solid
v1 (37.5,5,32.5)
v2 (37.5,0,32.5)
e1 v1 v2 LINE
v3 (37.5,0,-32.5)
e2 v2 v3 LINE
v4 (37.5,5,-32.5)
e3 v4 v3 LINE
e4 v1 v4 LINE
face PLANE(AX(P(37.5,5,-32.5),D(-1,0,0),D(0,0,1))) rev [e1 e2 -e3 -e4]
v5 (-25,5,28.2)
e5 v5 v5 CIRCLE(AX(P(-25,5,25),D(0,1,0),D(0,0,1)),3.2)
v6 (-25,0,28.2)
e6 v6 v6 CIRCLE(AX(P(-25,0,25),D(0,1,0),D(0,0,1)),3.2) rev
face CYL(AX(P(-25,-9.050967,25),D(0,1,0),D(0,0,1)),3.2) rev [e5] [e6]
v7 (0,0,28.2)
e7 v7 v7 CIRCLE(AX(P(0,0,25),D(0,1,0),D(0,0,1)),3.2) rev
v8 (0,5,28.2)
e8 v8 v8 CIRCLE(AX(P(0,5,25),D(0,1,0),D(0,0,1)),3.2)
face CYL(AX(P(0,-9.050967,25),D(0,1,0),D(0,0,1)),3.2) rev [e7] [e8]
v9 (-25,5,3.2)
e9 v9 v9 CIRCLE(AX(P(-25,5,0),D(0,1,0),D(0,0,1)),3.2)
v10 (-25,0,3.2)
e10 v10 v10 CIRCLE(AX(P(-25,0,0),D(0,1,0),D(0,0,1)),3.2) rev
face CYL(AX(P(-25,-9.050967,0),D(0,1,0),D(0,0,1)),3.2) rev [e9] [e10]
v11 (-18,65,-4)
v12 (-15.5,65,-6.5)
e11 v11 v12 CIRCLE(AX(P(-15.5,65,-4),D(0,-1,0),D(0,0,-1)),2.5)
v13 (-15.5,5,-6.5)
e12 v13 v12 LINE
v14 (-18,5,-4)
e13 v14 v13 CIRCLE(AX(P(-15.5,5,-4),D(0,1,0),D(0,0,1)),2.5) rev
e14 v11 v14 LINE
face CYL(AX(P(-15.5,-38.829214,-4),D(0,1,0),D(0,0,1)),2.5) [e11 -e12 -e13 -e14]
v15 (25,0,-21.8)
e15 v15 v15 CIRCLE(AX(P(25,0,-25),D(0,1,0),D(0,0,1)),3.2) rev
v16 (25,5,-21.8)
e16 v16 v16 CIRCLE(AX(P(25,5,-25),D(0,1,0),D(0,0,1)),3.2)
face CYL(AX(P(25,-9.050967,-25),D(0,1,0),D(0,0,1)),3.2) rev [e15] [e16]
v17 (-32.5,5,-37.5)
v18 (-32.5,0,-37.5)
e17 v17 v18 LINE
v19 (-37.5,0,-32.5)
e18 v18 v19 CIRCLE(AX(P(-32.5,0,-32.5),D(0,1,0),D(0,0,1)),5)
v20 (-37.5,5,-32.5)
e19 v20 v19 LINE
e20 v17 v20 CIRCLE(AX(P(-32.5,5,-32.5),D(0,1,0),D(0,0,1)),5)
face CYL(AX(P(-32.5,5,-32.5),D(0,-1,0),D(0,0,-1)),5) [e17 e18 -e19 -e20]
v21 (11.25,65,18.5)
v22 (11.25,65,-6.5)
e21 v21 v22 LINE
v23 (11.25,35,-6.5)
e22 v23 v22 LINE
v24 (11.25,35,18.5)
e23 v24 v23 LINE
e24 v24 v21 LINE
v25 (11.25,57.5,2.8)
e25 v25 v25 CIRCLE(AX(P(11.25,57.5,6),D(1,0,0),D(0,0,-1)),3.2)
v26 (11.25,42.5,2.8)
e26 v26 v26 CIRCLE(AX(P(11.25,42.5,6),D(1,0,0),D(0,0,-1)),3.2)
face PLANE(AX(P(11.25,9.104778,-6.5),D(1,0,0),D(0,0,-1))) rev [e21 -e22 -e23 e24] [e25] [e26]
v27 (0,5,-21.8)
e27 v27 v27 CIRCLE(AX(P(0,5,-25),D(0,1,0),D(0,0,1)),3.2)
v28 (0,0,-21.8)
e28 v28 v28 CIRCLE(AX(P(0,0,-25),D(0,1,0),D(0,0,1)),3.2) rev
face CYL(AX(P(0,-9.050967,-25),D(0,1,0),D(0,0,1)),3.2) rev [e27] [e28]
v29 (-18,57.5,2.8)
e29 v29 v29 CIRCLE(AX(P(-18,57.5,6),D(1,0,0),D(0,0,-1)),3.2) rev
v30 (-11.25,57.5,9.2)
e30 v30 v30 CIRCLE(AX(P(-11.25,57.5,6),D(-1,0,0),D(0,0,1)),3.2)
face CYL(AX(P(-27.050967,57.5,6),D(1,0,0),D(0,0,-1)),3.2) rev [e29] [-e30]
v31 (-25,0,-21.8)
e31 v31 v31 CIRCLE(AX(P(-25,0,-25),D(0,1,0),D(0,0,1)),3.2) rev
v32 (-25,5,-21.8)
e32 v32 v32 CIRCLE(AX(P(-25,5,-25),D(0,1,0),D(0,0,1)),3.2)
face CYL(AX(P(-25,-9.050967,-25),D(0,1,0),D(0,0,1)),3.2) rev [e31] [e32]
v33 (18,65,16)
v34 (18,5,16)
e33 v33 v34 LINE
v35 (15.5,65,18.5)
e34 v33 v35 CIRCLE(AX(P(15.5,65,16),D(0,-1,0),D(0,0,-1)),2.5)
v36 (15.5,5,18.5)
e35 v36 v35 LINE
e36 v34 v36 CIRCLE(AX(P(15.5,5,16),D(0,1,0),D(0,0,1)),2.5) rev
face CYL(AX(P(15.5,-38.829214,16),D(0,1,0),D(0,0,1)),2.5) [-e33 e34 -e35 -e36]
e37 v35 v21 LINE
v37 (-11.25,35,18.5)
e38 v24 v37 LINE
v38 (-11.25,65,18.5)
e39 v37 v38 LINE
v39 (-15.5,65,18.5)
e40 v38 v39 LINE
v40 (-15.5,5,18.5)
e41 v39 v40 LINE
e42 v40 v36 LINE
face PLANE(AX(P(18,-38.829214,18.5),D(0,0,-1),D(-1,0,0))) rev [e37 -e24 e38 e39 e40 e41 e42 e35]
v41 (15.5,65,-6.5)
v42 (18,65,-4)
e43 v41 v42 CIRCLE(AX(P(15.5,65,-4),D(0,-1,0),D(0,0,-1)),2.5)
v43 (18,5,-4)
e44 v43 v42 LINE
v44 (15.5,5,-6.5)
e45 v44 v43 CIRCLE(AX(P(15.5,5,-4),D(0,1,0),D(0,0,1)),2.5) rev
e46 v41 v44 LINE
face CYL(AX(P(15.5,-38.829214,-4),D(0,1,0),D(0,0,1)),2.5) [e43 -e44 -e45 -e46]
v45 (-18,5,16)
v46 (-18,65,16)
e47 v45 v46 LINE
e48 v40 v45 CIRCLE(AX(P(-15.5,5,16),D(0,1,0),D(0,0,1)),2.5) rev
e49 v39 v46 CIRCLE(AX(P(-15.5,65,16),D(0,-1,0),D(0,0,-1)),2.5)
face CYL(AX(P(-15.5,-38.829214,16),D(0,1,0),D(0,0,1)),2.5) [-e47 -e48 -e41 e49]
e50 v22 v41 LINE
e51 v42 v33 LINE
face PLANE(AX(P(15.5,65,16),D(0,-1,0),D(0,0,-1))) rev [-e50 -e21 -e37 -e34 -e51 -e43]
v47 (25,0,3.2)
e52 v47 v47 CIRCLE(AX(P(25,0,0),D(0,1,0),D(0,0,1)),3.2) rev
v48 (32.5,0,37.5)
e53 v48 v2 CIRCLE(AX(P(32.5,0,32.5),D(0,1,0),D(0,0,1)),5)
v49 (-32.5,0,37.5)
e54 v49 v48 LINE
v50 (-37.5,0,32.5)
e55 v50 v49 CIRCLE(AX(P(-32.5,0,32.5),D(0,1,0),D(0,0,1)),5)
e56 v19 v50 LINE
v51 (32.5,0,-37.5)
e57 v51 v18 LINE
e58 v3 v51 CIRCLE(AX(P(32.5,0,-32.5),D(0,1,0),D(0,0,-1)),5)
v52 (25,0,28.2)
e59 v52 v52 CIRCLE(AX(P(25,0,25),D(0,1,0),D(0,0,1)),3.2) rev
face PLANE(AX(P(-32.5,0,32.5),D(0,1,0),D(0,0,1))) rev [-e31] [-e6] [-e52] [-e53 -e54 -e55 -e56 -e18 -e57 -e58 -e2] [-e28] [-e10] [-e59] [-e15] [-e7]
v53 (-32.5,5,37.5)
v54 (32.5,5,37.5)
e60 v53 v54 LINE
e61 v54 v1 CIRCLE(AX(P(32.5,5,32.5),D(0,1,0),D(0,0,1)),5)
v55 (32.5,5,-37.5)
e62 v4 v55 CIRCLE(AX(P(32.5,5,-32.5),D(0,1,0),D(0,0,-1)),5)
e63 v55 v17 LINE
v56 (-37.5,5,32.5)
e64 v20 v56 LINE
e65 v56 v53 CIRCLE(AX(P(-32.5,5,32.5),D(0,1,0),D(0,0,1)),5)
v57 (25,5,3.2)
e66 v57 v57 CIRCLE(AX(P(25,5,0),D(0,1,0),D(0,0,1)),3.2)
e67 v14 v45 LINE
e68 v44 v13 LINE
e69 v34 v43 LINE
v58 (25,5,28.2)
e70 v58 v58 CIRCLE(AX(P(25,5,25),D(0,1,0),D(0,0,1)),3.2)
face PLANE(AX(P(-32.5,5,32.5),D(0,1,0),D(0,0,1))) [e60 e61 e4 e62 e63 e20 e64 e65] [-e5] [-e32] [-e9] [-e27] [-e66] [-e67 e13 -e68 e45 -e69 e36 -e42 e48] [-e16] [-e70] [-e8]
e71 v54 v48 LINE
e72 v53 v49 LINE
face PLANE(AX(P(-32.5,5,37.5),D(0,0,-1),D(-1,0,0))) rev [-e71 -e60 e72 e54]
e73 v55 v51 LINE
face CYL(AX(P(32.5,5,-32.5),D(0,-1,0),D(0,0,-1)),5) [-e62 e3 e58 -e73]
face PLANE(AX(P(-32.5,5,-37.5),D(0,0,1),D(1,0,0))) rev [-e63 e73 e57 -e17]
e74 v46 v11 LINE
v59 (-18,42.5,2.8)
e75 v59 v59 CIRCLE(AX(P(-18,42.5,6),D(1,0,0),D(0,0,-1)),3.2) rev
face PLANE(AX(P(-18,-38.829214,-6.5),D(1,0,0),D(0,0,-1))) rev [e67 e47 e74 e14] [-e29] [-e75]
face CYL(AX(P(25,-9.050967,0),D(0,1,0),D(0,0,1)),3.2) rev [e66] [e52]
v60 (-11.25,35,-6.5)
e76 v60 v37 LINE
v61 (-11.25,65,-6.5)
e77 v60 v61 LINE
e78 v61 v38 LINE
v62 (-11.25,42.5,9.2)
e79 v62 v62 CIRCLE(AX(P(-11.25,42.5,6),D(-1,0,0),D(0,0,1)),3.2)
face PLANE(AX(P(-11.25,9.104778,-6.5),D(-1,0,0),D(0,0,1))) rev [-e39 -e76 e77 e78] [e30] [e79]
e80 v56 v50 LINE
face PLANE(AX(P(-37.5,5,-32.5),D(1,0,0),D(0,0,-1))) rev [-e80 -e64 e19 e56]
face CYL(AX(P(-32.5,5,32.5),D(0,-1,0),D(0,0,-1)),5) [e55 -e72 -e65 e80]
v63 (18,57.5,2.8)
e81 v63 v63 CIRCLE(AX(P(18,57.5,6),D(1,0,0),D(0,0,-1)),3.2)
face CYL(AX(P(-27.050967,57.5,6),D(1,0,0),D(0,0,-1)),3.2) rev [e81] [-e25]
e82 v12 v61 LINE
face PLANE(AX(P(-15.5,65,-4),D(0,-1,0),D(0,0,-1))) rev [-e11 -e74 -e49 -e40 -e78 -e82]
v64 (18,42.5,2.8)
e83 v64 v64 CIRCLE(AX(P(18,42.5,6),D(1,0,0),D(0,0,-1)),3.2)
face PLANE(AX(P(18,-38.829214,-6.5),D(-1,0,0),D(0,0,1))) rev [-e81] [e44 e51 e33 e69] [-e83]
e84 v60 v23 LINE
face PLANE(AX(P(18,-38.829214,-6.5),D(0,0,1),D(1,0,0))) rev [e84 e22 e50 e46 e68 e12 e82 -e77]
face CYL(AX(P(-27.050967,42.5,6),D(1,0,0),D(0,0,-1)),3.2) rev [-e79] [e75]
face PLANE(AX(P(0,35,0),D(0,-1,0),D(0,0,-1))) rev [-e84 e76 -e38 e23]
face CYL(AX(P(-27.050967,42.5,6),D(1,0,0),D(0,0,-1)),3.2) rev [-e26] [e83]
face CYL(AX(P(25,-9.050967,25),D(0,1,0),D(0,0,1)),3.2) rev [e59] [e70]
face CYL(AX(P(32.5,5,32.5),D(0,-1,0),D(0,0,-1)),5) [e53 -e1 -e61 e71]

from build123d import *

# Parameters (mm, degrees)
EXTRUDE_2_DEPTH     = 5
SKETCH_2_R          = 3.2
CUT_EXTRUDE_1_DEPTH = 5
SKETCH_4_W          = 36
SKETCH_4_H          = 25
EXTRUDE_3_DEPTH     = 30
FILLET_1_R          = 2.5
EXTRUDE_4_DEPTH     = 30
SKETCH_6_R          = 3.2
CUT_EXTRUDE_2_DEPTH = 36


with BuildPart() as part:
    # 스케치1 → 보스-돌출2 (new body)
    with BuildSketch(Plane(origin=(0, 0, 0), x_dir=(1, 0, 0), z_dir=(0, 1, 0))):
        with BuildLine():
            Line((-32.5, 37.5), (32.5, 37.5))
            ThreePointArc((32.5, 37.5), (36.035533906, 36.035533906), (37.5, 32.5))
            Line((37.5, 32.5), (37.5, -32.5))
            ThreePointArc((37.5, -32.5), (36.035533906, -36.035533906), (32.5, -37.5))
            Line((32.5, -37.5), (-32.5, -37.5))
            ThreePointArc((-32.5, -37.5), (-36.035533906, -36.035533906), (-37.5, -32.5))
            Line((-37.5, -32.5), (-37.5, 32.5))
            ThreePointArc((-37.5, 32.5), (-36.035533906, 36.035533906), (-32.5, 37.5))
        make_face()
    extrude(amount=EXTRUDE_2_DEPTH)

    # 스케치2 → 컷-돌출1 (cut)
    with BuildSketch(Plane(origin=(0, 5, 0), x_dir=(1, 0, 0), z_dir=(0, 1, 0))):
        with Locations((0, 25)):
            Circle(SKETCH_2_R)
        with Locations((-25, 25)):
            Circle(SKETCH_2_R)
        with Locations((-25, 0)):
            Circle(SKETCH_2_R)
        with Locations((-25, -25)):
            Circle(SKETCH_2_R)
        with Locations((0, -25)):
            Circle(SKETCH_2_R)
        with Locations((25, -25)):
            Circle(SKETCH_2_R)
        with Locations((25, 0)):
            Circle(SKETCH_2_R)
        with Locations((25, 25)):
            Circle(SKETCH_2_R)
    extrude(amount=-CUT_EXTRUDE_1_DEPTH, mode=Mode.SUBTRACT)

    # 스케치4 → 보스-돌출3 (add)
    with BuildSketch(Plane(origin=(0, 35, 0), x_dir=(-1, 0, 0), z_dir=(0, -1, 0))):
        with Locations((0, -6)):
            Rectangle(SKETCH_4_W, SKETCH_4_H)
    extrude(amount=EXTRUDE_3_DEPTH)

    # 필렛1
    fillet_1_edges = [part.edges().sort_by_distance(p)[0] for p in [
        (-18, 20, -6.5),
        (-18, 20, 18.5),
        (18, 20, 18.5),
        (18, 20, -6.5),
    ]]
    fillet(fillet_1_edges, radius=FILLET_1_R)

    # 스케치5 → 보스-돌출4 (add)
    with BuildSketch(Plane(origin=(0, 65, 0), x_dir=(-1, 0, 0), z_dir=(0, -1, 0))):
        with BuildLine():
            Line((18, -16), (18, 4))
            ThreePointArc((18, 4), (17.267766953, 5.767766953), (15.5, 6.5))
            Line((15.5, 6.5), (11.25, 6.5))
            Line((11.25, 6.5), (11.25, -18.5))
            Line((11.25, -18.5), (15.5, -18.5))
            ThreePointArc((15.5, -18.5), (17.267766953, -17.767766953), (18, -16))
        make_face()
        with BuildLine():
            Line((-18, -16), (-18, 4))
            ThreePointArc((-18, 4), (-17.267766953, 5.767766953), (-15.5, 6.5))
            Line((-15.5, 6.5), (-11.25, 6.5))
            Line((-11.25, 6.5), (-11.25, -18.5))
            Line((-11.25, -18.5), (-15.5, -18.5))
            ThreePointArc((-15.5, -18.5), (-17.267766953, -17.767766953), (-18, -16))
        make_face()
    extrude(amount=EXTRUDE_4_DEPTH)

    # 스케치6 → 컷-돌출2 (cut)
    with BuildSketch(Plane(origin=(18, 0, 0), x_dir=(0, 0, -1), z_dir=(1, 0, 0))):
        with Locations((-6, 57.5)):
            Circle(SKETCH_6_R)
        with Locations((-6, 42.5)):
            Circle(SKETCH_6_R)
    extrude(amount=-CUT_EXTRUDE_2_DEPTH, mode=Mode.SUBTRACT)


solid = part.part
